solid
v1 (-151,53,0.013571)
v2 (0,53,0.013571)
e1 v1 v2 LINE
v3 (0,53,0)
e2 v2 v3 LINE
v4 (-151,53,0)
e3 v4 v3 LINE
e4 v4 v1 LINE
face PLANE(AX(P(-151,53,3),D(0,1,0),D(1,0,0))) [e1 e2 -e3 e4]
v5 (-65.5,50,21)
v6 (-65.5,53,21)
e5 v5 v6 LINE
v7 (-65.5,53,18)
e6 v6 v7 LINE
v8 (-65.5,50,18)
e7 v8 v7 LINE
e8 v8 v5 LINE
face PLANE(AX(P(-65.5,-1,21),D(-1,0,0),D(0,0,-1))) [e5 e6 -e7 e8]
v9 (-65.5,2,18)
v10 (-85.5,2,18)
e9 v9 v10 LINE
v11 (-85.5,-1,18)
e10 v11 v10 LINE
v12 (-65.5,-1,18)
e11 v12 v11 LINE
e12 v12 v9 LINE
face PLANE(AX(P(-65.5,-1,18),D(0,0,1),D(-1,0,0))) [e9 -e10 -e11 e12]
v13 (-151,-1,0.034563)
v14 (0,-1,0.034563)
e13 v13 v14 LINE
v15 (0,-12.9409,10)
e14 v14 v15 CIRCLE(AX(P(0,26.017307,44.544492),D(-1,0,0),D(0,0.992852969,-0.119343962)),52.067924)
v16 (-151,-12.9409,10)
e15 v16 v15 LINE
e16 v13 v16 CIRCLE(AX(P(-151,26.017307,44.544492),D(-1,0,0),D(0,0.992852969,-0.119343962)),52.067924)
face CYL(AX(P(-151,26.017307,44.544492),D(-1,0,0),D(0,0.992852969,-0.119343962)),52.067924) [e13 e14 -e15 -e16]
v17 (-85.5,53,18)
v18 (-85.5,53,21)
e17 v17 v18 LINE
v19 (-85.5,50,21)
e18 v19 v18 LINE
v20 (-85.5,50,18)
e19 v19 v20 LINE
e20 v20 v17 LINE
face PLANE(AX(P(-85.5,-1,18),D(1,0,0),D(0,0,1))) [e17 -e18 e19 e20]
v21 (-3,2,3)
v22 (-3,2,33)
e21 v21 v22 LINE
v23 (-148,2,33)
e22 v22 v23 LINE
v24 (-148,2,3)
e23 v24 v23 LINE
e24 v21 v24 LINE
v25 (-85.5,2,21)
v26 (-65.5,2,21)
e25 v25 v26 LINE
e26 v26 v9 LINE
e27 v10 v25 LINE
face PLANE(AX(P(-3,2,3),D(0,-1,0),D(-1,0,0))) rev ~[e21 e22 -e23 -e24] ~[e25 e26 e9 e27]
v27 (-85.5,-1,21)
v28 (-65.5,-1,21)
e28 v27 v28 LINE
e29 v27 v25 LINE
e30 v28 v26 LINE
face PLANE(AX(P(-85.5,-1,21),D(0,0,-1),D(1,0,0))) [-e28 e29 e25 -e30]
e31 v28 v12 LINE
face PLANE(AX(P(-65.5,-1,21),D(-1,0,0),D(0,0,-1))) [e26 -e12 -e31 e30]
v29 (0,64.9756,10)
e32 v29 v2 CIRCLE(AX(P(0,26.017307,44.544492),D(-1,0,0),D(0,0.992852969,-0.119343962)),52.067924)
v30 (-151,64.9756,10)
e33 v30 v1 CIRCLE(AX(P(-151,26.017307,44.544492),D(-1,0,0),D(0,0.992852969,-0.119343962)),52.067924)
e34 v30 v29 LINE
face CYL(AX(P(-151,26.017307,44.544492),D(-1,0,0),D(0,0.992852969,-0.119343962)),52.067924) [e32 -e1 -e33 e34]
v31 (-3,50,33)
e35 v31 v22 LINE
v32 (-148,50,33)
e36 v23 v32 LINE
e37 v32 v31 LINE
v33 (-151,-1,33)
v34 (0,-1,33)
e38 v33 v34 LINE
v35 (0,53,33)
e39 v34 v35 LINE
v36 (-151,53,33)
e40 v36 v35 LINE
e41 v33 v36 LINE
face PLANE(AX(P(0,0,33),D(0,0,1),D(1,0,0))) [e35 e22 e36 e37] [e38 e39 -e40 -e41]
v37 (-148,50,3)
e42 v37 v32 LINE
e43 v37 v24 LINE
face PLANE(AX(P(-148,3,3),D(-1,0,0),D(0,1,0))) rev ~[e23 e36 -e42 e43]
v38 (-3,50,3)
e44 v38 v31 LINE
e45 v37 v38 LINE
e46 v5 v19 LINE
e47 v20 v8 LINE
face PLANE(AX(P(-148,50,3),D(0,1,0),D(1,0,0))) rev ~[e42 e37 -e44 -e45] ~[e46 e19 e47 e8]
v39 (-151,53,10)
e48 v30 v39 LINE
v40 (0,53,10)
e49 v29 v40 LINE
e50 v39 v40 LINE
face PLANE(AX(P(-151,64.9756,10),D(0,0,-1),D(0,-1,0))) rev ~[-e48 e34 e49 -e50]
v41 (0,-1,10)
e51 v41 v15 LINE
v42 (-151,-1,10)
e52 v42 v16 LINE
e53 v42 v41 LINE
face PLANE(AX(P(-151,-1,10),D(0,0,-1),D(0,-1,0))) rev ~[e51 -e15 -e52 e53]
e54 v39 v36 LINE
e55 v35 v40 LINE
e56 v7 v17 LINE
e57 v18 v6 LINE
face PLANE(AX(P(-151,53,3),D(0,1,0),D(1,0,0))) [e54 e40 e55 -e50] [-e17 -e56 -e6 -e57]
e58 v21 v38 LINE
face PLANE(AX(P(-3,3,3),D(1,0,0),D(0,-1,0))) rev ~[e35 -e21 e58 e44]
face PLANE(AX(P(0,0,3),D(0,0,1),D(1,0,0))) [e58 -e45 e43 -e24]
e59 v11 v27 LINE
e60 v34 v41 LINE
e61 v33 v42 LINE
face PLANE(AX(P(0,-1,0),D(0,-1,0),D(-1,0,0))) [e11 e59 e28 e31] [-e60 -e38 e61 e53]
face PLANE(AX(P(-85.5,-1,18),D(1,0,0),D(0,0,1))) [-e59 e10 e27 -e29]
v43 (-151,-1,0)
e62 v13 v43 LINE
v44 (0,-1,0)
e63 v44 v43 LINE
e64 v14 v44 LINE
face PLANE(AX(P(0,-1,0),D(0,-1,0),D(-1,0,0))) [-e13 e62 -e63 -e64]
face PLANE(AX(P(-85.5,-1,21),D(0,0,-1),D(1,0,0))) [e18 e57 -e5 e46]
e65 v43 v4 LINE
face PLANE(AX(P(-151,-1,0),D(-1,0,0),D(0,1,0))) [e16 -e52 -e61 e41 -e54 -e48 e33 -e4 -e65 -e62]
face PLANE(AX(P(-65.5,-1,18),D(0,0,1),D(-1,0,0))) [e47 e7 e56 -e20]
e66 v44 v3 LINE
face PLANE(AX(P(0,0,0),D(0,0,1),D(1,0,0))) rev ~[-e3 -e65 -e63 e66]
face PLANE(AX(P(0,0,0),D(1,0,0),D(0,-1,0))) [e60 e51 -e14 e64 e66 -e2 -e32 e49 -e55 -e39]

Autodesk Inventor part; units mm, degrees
ref_plane "YZ Plane" through (0, 0, 0) normal (1, 0, 0) x (0, 1, 0)
ref_plane "XZ Plane" through (0, 0, 0) normal (0, 1, 0) x (-1, 0, 0)
ref_plane "XY Plane" through (0, 0, 0) normal (0, 0, 1) x (1, 0, 0)
sketch "Sketch1" plane through (0, 0, 0) normal (0, 0, 1) x (1, 0, 0)
  line L0 (0, 0) -> (-151, 0)
  line L1 (-151, 0) -> (-151, 112)
  line L2 (-151, 112) -> (0, 112)
  line L3 (0, 112) -> (0, 0)
  line L4 (-151, 0) -> (0, 0)
  line L5 (0, 0) -> (0, -1)
  line L6 (0, -1) -> (-151, -1)
  line L7 (-151, -1) -> (-151, 0)
  dimension "d0" = 151
  dimension "d1" = 112
  dimension "d35" = 1
extrude "Extrusion1" add sketch "Sketch1" along normal blind 3
sketch "Sketch2" plane through (0, 0, 3) normal (0, 0, 1) x (1, 0, 0)
  line L0 (-151, 0) -> (0, 0) projected
  line L1 (0, 0) -> (-151, 0)
  line L2 (-151, 0) -> (-151, 53)
  line L3 (-151, 53) -> (0, 53)
  line L4 (0, 53) -> (0, 0)
  line L5 (-148, 50) -> (-3, 50)
  line L6 (-3, 50) -> (-3, 3)
  line L7 (-3, 3) -> (-148, 3)
  line L8 (-148, 3) -> (-148, 50)
  line L9 (-151, -1) -> (0, -1) projected
  line L10 (-151, 112) -> (-151, -1) projected
  line L11 (0, -1) -> (0, 112) projected
  line L12 (-148, 3) -> (-3, 3)
  line L13 (-3, 3) -> (-3, 2)
  line L14 (-3, 2) -> (-148, 2)
  line L15 (-148, 2) -> (-148, 3)
  dimension "d4" = 151
  dimension "d5" = 53
  dimension "d6" = 3
  dimension "d7" = 3
  dimension "d8" = 3
  dimension "d9" = 3
  dimension "d36" = 1
extrude "Extrusion2" add sketch "Sketch2" along normal blind 30
sketch "Sketch3" plane through (0, 0, 3) normal (0, 0, 1) x (1, 0, 0)
  line L0 (-148, 109) -> (-103.5, 109)
  line L1 (-103.5, 109) -> (-103.5, 56)
  line L2 (-103.5, 56) -> (-148, 56)
  line L3 (-148, 56) -> (-148, 109)
  line L4 (-47.5, 109) -> (-3, 109)
  line L5 (-3, 109) -> (-3, 56)
  line L6 (-3, 56) -> (-47.5, 56)
  line L7 (-47.5, 56) -> (-47.5, 109)
  line L8 (0, 112) -> (-151, 112) projected
  line L9 (-151, 112) -> (-151, 53) projected
  line L10 (0, 53) -> (0, 112) projected
  line L11 (-85.5, 100) -> (-65.5, 100)
  line L12 (-65.5, 100) -> (-65.5, 65)
  line L13 (-65.5, 65) -> (-85.5, 65)
  line L14 (-85.5, 65) -> (-85.5, 100)
  line L15 (-62.5, 103) -> (-88.5, 103)
  line L16 (-88.5, 103) -> (-88.5, 62)
  line L17 (-88.5, 62) -> (-62.5, 62)
  line L18 (-62.5, 62) -> (-62.5, 103)
  line L19 (-100.5, 112) -> (-151, 112)
  line L20 (-151, 112) -> (-151, 53)
  line L21 (-151, 53) -> (-100.5, 53)
  line L22 (-100.5, 53) -> (-100.5, 112)
  line L23 (0, 112) -> (-50.5, 112)
  line L24 (-50.5, 112) -> (-50.5, 53)
  line L25 (-50.5, 53) -> (0, 53)
  line L26 (0, 53) -> (0, 112)
  point P0 (0, 0)
  dimension "d12" = 44.5
  dimension "d13" = 53
  dimension "d14" = 44.5
  dimension "d15" = 53
  dimension "d16" = 3
  dimension "d17" = 3
  dimension "d18" = 3
  dimension "d19" = 20
  dimension "d20" = 35
  dimension "d21" = 12
  dimension "d22" = 18
  dimension "d23" = 3
  dimension "d24" = 3
  dimension "d25" = 3
extrude "Extrusion3" add sketch "Sketch3" along normal blind 8
fillet "Fillet1" radius 4 6 edges at (-100.5, 82.5, 3) (-62.5, 82.5, 3) (-50.5, 82.5, 3) (-75.5, 103, 3) (-88.5, 82.5, 3) (-75.5, 62, 3)
sketch "Sketch6" plane through (-151, -1, 0) normal (0, -1, 0) x (1, 0, 0)
  line L0 (65.5, 21) -> (85.5, 21)
  line L1 (85.5, 21) -> (85.5, 18)
  line L2 (85.5, 18) -> (65.5, 18)
  line L3 (65.5, 18) -> (65.5, 21)
  line L4 (0, 0) -> (0, 33) projected
  line L5 (0, 33) -> (151, 33) projected
  point P0 (151, 0)
  dimension "d37" = 20
  dimension "d38" = 3
  dimension "d39" = 65.5
  dimension "d40" = 12
extrude "Extrusion5" cut sketch "Sketch6" against normal up to surface (54 mm away)
sketch "Sketch7" plane through (0, 0, 11) normal (0, 0, 1) x (1, 0, 0)
  line L0 (0, 112) -> (-151, 112) projected
  line L1 (0, 112) -> (-151, 112)
  line L2 (-151, 112) -> (-151, 53)
  line L3 (-151, 53) -> (0, 53)
  line L4 (0, 53) -> (0, 112)
  point P0 (0, 0)
extrude "Extrusion6" cut sketch "Sketch7" against normal up to surface (11 mm away)
sketch "Sketch8" plane through (-151, -1, 0) normal (-1, 0, 0) x (0, 0, 1)
  arc A0 (38.3305, 78.7131) -> (30.8341, -23.2131) centre (44.5445, 27.0173) ccw
  line L0 (10, 65.9756) -> (10, -11.9409)
  line L1 (10, 65.9756) -> (87.9165, 65.9756) construction
  line L2 (0, 54) -> (33, 54) projected
  line L3 (0, 0) -> (33, 0) projected
  point P0 (0, 1)
  point P1 (0.0136, 54)
  point P2 (10, 54)
  point P3 (10, 0)
  point P4 (0.0346, 0)
  dimension "d45" = 90
extrude "Extrusion7" add sketch "Sketch8" against normal up to surface (151 mm away) contours L0 L2 A0 | L3 L0 A0
properties part number "bateria_mocowanie_ramie_robota"
